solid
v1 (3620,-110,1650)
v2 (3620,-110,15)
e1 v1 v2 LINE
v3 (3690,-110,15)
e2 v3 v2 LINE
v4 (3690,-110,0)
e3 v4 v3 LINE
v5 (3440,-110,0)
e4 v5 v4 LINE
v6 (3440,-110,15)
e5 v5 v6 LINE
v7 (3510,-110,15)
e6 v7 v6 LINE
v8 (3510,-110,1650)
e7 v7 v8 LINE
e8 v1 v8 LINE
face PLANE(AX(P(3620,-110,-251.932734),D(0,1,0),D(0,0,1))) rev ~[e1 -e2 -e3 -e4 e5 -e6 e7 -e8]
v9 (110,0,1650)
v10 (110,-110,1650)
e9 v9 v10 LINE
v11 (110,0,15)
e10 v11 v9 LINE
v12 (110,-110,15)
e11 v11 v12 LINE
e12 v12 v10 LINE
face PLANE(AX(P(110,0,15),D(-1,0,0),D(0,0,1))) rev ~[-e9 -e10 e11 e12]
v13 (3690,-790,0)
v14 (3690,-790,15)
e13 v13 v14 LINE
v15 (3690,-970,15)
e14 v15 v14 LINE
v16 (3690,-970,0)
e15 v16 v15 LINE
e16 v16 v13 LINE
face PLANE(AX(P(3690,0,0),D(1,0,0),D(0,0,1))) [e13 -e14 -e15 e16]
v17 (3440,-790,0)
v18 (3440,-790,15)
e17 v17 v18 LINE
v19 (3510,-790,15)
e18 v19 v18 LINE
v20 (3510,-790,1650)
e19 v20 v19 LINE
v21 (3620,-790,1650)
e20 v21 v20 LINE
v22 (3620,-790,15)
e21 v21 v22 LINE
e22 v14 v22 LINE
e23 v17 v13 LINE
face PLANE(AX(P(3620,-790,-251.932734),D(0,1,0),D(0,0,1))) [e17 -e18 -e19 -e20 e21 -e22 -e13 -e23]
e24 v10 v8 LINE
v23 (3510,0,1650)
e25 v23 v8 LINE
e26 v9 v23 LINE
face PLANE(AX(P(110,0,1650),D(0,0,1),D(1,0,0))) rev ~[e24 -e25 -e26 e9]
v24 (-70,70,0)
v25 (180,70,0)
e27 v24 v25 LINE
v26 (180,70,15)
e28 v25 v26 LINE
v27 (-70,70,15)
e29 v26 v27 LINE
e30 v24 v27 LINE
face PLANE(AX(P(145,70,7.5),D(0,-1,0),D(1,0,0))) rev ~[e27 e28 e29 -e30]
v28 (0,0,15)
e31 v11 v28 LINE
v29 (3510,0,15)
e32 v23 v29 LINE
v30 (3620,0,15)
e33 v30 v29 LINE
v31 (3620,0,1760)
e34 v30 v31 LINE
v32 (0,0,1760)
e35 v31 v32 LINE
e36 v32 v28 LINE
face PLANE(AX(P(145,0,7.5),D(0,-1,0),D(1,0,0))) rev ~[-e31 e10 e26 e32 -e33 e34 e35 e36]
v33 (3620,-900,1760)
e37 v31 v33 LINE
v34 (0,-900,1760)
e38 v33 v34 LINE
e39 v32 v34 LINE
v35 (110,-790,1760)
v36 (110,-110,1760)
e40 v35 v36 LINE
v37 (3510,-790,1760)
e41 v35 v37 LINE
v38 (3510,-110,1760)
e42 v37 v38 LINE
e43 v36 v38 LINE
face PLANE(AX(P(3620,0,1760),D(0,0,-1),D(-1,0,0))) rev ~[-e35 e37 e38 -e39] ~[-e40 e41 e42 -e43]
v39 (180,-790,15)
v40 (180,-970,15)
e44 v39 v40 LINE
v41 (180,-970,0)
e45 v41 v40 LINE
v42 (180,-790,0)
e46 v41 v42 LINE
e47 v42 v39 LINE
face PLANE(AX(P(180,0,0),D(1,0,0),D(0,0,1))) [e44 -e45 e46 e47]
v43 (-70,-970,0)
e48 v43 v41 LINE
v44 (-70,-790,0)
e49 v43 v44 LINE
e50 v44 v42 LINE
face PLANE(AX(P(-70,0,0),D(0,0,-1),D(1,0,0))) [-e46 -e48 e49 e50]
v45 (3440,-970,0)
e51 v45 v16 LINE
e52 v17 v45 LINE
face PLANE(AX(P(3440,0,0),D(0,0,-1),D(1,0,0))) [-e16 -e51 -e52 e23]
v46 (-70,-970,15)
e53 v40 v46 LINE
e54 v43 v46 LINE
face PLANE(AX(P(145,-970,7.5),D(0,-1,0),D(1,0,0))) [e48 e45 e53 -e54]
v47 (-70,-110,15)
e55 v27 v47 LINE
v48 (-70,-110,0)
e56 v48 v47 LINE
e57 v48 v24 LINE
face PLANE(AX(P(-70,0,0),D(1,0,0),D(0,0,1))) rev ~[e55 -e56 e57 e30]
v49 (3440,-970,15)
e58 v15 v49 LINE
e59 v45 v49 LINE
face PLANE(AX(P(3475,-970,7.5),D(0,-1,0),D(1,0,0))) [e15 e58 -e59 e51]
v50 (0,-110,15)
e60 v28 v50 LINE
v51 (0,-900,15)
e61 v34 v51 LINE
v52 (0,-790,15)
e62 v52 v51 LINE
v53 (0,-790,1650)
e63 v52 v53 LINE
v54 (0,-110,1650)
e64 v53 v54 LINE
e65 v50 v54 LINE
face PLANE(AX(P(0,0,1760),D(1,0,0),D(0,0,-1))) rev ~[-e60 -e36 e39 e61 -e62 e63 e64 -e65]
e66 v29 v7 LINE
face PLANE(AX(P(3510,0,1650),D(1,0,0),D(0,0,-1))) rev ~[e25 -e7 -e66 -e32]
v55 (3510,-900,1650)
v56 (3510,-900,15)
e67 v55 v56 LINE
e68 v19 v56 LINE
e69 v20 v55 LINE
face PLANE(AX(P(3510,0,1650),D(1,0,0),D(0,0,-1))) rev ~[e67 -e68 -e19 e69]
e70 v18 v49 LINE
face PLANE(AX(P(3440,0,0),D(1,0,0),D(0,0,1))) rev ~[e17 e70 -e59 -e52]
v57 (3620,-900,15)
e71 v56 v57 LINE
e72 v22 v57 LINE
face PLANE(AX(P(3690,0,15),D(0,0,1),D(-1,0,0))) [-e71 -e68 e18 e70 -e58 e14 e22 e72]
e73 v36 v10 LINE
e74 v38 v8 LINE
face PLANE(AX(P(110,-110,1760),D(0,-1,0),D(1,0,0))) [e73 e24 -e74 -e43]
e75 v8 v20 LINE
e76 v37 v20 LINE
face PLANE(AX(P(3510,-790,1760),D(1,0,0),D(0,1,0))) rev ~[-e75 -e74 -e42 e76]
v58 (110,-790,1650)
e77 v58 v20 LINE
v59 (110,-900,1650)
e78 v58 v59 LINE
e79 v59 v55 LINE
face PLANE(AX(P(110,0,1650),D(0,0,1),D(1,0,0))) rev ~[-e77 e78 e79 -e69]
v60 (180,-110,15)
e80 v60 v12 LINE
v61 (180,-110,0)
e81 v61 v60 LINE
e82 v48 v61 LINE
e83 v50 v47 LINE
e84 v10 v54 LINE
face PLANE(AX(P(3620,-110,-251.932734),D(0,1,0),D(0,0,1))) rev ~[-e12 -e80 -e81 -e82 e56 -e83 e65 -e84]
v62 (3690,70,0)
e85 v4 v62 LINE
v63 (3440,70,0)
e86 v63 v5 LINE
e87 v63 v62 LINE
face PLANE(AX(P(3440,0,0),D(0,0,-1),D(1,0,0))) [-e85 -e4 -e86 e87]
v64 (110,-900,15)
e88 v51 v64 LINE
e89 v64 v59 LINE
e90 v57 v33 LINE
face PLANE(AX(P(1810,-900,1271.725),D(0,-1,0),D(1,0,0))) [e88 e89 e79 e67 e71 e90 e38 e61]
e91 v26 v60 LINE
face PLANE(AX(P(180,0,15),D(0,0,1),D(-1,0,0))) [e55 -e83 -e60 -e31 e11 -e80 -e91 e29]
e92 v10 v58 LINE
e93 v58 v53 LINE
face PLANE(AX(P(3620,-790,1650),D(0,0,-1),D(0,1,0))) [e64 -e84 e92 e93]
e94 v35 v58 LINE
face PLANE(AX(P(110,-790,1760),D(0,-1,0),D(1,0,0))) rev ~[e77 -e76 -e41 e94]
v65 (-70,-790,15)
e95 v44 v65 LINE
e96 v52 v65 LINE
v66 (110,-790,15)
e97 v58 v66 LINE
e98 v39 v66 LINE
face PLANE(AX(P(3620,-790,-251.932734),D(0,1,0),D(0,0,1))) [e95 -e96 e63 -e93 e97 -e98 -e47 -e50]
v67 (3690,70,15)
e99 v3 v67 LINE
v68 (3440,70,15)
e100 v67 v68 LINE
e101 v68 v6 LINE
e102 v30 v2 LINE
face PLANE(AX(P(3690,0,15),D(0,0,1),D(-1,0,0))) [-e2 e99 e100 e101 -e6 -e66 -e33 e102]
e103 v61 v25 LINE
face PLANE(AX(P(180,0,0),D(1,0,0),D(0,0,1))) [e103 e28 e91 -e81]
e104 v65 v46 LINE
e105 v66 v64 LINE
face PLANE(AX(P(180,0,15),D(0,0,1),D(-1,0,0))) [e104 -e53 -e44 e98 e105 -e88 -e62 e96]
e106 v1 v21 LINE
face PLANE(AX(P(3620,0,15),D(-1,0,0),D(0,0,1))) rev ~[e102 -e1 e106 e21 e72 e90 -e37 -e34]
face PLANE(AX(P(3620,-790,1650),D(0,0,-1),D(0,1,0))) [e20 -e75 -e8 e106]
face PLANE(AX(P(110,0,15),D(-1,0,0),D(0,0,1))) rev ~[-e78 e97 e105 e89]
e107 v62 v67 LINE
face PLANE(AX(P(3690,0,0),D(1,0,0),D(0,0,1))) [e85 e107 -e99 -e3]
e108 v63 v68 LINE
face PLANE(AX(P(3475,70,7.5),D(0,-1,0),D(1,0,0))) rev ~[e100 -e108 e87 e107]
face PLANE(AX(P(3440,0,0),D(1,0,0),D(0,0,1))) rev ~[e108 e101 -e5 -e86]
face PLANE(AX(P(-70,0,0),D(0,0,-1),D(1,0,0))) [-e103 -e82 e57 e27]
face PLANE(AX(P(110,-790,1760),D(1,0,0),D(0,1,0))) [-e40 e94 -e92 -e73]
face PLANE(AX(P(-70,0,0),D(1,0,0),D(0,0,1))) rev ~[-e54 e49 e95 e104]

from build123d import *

# Parameters (mm, degrees)
F1_DEPTH      = 900
F0_W          = 70
F0_H          = 15
F0_W_2        = 110
F2_DEPTH      = 970
F2_DEPTH_BACK = 70
F3_W          = 680
F3_H          = 1901.932733
F4_DEPTH      = 4500
F5_W          = 3400
F5_H          = 680
F6_DEPTH      = 120


with BuildPart() as f1:
    # F0 (on Front) → F1 (new body)
    with BuildSketch(Plane.XZ):
        Polygon((0, 1760), (0, 15), (110, 15), (110, 1650), (3510, 1650), (3510, 15), (3620, 15), (3620, 1760), align=None)
    extrude(amount=F1_DEPTH)

    # F0 (on Front) → F2 (join, two sides)
    with BuildSketch(Plane.XZ) as f2_sk:
        with Locations((145, 7.5)):
            Rectangle(F0_W, F0_H)
        with Locations((-35, 7.5)):
            Rectangle(F0_W, F0_H)
        with Locations((55, 7.5)):
            Rectangle(F0_W_2, F0_H)
        with Locations((3475, 7.5)):
            Rectangle(F0_W, F0_H)
        with Locations((3565, 7.5)):
            Rectangle(F0_W_2, F0_H)
        with Locations((3655, 7.5)):
            Rectangle(F0_W, F0_H)
    extrude(amount=F2_DEPTH)
    extrude(f2_sk.sketch, amount=-F2_DEPTH_BACK)

    # F3 (on face) → F4 (cut, symmetric)
    with BuildSketch(Plane.YZ.offset(3620)):
        with Locations((-450, 699.033633)):
            Rectangle(F3_W, F3_H)
    extrude(amount=F4_DEPTH, both=True, mode=Mode.SUBTRACT)

    # F5 (on face) → F6 (cut)
    with BuildSketch(Plane.XY.offset(1760)):
        with Locations((1810, -450)):
            Rectangle(F5_W, F5_H)
    extrude(amount=-F6_DEPTH, mode=Mode.SUBTRACT)


solid = f1.part
